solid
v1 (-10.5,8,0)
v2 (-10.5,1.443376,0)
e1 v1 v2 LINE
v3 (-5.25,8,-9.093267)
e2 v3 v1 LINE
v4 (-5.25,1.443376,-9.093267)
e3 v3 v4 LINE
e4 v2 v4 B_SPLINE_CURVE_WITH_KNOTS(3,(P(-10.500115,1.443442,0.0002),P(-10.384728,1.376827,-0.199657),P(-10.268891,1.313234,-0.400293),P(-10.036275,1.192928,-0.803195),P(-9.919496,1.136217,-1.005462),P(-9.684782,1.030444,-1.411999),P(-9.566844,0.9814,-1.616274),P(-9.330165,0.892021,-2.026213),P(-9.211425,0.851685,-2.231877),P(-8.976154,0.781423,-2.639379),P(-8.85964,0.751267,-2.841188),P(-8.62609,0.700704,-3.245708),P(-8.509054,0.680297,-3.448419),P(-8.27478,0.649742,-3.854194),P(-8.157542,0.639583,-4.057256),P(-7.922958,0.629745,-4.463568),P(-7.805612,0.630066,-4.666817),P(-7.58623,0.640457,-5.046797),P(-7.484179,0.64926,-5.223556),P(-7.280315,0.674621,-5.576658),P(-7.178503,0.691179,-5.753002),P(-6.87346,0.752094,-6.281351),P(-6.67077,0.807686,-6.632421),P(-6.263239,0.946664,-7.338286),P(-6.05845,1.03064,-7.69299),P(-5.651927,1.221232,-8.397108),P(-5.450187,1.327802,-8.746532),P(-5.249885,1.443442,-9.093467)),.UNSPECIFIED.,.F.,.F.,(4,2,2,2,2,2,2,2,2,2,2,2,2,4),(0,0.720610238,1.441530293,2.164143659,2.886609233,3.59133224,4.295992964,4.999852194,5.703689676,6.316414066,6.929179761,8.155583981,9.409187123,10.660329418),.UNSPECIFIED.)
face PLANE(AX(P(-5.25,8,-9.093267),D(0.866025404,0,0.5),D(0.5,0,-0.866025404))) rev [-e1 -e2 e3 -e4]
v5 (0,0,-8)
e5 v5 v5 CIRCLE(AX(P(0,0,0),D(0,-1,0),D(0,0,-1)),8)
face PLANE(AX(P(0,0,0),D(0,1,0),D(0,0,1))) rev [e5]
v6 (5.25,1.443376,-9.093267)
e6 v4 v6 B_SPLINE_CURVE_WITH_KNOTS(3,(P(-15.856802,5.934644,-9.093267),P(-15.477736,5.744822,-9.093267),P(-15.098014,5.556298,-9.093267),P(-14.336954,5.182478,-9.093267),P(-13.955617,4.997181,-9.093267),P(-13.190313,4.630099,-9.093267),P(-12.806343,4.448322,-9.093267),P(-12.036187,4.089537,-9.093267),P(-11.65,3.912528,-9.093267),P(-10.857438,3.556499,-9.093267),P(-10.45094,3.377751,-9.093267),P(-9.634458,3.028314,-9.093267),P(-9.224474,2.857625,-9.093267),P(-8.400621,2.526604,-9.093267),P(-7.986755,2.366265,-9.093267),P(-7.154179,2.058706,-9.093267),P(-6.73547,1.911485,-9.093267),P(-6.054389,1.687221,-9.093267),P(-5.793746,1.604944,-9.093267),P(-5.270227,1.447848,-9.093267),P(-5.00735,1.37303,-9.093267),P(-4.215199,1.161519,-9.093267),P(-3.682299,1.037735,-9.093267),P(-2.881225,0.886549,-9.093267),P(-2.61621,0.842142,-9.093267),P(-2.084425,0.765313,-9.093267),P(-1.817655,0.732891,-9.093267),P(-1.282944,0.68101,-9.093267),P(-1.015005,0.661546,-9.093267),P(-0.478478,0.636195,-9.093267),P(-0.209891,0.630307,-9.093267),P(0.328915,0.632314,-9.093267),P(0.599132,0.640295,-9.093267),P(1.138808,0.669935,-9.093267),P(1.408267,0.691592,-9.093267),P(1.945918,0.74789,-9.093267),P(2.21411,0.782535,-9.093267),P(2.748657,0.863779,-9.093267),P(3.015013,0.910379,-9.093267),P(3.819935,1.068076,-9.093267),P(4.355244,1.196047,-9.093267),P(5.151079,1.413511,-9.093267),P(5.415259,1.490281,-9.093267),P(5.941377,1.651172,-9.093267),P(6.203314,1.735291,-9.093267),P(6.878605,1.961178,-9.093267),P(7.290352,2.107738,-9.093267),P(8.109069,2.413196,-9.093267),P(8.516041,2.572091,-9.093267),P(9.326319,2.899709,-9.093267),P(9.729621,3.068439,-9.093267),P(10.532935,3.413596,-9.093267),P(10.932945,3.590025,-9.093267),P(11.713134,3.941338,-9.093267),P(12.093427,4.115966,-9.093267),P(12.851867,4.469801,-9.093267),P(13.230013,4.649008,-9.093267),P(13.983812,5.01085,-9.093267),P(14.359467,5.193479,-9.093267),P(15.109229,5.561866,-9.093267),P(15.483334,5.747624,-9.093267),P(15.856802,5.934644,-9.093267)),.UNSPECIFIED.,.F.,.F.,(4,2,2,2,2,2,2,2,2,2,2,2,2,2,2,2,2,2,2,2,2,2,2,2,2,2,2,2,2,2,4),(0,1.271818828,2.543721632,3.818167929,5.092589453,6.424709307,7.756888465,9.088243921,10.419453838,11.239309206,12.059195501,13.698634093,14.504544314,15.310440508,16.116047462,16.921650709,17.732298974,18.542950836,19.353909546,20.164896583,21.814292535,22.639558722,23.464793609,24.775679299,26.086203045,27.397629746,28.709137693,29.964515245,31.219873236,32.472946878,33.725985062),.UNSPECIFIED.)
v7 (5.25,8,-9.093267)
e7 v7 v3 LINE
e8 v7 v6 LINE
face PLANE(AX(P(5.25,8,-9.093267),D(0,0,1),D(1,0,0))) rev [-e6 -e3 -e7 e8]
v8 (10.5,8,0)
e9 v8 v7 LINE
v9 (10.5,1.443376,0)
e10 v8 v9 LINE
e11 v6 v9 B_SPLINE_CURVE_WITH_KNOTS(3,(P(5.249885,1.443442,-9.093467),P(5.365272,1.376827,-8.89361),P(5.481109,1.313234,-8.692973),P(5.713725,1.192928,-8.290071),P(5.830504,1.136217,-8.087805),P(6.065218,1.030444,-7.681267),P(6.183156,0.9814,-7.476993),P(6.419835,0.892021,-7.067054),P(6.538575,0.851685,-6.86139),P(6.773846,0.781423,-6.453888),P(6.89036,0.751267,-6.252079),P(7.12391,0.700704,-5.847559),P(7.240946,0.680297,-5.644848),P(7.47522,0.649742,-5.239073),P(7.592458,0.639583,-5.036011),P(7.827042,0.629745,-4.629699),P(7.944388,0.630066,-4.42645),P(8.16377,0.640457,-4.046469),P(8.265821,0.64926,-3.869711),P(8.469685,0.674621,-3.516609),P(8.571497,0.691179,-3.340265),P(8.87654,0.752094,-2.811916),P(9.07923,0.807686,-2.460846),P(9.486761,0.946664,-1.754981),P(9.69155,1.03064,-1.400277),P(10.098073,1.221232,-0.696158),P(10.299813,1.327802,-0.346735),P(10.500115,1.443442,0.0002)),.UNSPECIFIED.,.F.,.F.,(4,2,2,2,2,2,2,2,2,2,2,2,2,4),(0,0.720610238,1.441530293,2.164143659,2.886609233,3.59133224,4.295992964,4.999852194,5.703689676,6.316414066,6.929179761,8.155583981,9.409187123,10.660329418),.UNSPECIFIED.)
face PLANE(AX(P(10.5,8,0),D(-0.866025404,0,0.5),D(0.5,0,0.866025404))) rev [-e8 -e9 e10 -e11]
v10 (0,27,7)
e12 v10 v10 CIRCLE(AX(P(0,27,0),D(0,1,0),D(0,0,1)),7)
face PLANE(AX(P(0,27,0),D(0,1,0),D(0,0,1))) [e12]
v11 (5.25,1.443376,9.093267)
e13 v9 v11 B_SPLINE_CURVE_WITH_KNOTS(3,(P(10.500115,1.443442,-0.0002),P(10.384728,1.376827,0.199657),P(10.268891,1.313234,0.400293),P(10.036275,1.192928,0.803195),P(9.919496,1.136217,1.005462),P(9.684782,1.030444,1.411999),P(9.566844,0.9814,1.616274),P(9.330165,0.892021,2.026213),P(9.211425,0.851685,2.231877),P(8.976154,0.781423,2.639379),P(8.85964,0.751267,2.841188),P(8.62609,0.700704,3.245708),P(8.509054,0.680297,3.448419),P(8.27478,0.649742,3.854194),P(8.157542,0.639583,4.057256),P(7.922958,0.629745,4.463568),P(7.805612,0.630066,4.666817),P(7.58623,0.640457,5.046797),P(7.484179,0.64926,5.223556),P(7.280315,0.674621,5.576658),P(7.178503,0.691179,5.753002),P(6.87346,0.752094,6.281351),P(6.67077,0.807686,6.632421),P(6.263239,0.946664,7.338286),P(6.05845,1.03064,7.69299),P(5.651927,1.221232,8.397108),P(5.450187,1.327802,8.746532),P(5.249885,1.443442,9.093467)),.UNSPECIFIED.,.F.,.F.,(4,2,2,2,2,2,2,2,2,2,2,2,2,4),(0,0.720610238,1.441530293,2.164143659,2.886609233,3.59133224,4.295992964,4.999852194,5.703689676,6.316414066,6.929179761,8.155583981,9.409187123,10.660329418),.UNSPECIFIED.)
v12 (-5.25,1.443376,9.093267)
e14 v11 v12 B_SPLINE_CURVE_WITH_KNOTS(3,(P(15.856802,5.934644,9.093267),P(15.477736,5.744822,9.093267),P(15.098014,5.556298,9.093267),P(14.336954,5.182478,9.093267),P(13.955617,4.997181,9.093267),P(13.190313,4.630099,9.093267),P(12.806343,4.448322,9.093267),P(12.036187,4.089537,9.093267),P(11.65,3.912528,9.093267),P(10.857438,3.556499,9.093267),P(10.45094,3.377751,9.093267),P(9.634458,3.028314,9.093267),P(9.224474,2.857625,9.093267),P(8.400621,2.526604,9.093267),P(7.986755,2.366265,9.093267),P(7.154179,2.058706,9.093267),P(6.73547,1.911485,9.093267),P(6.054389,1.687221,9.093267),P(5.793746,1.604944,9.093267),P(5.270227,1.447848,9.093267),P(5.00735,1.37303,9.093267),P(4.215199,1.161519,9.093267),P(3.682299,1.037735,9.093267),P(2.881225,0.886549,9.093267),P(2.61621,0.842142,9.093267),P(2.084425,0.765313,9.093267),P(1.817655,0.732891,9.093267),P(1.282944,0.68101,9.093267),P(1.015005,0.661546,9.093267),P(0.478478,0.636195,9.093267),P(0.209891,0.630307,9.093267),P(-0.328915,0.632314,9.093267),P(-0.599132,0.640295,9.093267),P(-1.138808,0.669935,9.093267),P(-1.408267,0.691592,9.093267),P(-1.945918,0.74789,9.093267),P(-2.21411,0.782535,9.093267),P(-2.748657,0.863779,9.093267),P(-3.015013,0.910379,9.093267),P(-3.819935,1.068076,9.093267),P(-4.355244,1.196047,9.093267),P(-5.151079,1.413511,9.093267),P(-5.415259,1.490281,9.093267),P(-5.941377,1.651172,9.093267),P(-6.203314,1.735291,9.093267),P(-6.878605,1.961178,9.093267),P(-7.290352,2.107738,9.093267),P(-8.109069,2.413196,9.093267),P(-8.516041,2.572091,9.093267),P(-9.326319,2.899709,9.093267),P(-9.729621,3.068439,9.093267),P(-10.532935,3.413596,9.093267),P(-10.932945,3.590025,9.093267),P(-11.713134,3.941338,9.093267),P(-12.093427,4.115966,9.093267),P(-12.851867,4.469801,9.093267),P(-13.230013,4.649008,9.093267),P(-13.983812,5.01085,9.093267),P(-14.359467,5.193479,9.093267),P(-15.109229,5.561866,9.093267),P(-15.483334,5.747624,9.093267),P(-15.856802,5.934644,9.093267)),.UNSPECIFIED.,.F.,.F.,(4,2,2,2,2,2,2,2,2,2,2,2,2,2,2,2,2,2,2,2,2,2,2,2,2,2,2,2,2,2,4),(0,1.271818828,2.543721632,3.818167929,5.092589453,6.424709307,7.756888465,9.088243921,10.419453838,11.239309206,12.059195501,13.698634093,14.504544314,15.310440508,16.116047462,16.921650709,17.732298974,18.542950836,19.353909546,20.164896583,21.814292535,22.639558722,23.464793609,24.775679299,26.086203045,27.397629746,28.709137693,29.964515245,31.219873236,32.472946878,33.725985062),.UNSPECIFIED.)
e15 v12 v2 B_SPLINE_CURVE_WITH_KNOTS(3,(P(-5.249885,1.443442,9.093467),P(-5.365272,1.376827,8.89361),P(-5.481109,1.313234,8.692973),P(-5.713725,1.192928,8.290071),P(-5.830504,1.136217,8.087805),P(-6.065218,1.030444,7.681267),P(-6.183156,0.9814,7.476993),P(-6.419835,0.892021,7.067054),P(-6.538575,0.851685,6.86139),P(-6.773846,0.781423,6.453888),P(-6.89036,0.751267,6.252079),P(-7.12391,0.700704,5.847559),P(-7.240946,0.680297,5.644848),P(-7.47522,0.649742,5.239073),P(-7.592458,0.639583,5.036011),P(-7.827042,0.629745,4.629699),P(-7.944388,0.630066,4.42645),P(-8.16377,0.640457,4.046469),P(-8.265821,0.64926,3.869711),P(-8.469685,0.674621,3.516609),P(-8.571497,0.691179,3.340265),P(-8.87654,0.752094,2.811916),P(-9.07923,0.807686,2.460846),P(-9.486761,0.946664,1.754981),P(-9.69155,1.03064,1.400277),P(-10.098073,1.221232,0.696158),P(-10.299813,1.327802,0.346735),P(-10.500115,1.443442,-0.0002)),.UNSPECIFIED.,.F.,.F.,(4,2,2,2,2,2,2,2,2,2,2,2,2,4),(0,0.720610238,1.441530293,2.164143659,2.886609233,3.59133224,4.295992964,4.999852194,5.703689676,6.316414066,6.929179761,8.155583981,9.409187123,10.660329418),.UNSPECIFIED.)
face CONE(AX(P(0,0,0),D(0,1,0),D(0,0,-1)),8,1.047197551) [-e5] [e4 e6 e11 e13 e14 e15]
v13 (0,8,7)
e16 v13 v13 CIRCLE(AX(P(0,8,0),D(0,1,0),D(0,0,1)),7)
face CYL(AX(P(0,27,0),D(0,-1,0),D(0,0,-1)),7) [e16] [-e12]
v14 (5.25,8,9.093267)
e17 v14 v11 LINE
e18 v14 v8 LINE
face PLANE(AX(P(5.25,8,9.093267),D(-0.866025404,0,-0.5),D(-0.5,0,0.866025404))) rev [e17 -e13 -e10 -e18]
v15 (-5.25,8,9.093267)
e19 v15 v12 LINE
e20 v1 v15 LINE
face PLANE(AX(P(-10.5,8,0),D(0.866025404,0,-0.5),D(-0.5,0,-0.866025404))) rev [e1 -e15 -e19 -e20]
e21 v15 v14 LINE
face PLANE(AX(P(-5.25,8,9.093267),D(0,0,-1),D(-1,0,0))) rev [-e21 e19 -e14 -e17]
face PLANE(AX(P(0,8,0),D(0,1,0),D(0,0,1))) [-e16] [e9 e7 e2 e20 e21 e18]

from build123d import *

# Parameters (mm, degrees)
EXTRUDE_1_DEPTH     = 8
SKETCH_2_R          = 7
EXTRUDE_2_DEPTH     = 19
SKETCH_3_OUTSIDE_W  = 35.944
SKETCH_3_OUTSIDE_H  = 33.13
SKETCH_3_OUTSIDE_R  = 8
CUT_EXTRUDE_2_DEPTH = 1.5
CUT_EXTRUDE_2_TAPER = 60


with BuildPart() as part:
    # Эскиз1 → Бобышка-Вытянуть1 (new body)
    with BuildSketch(Plane(origin=(0, 0, 0), x_dir=(1, 0, 0), z_dir=(0, 1, 0))):
        Polygon((10.5, 0), (5.25, 9.09326674), (-5.25, 9.09326674), (-10.5, 0), (-5.25, -9.09326674), (5.25, -9.09326674), align=None)
    extrude(amount=EXTRUDE_1_DEPTH)

    # Эскиз2 → Бобышка-Вытянуть2 (add)
    with BuildSketch(Plane(origin=(0, 8, 0), x_dir=(1, 0, 0), z_dir=(0, 1, 0))):
        Circle(SKETCH_2_R)
    extrude(amount=EXTRUDE_2_DEPTH)

    # Эскиз3 outside → Вырез-Вытянуть2 (cut)
    with BuildSketch(Plane.XZ):
        Rectangle(SKETCH_3_OUTSIDE_W, SKETCH_3_OUTSIDE_H)
        Circle(SKETCH_3_OUTSIDE_R, mode=Mode.SUBTRACT)
    extrude(amount=-CUT_EXTRUDE_2_DEPTH, taper=CUT_EXTRUDE_2_TAPER, mode=Mode.SUBTRACT)


solid = part.part
